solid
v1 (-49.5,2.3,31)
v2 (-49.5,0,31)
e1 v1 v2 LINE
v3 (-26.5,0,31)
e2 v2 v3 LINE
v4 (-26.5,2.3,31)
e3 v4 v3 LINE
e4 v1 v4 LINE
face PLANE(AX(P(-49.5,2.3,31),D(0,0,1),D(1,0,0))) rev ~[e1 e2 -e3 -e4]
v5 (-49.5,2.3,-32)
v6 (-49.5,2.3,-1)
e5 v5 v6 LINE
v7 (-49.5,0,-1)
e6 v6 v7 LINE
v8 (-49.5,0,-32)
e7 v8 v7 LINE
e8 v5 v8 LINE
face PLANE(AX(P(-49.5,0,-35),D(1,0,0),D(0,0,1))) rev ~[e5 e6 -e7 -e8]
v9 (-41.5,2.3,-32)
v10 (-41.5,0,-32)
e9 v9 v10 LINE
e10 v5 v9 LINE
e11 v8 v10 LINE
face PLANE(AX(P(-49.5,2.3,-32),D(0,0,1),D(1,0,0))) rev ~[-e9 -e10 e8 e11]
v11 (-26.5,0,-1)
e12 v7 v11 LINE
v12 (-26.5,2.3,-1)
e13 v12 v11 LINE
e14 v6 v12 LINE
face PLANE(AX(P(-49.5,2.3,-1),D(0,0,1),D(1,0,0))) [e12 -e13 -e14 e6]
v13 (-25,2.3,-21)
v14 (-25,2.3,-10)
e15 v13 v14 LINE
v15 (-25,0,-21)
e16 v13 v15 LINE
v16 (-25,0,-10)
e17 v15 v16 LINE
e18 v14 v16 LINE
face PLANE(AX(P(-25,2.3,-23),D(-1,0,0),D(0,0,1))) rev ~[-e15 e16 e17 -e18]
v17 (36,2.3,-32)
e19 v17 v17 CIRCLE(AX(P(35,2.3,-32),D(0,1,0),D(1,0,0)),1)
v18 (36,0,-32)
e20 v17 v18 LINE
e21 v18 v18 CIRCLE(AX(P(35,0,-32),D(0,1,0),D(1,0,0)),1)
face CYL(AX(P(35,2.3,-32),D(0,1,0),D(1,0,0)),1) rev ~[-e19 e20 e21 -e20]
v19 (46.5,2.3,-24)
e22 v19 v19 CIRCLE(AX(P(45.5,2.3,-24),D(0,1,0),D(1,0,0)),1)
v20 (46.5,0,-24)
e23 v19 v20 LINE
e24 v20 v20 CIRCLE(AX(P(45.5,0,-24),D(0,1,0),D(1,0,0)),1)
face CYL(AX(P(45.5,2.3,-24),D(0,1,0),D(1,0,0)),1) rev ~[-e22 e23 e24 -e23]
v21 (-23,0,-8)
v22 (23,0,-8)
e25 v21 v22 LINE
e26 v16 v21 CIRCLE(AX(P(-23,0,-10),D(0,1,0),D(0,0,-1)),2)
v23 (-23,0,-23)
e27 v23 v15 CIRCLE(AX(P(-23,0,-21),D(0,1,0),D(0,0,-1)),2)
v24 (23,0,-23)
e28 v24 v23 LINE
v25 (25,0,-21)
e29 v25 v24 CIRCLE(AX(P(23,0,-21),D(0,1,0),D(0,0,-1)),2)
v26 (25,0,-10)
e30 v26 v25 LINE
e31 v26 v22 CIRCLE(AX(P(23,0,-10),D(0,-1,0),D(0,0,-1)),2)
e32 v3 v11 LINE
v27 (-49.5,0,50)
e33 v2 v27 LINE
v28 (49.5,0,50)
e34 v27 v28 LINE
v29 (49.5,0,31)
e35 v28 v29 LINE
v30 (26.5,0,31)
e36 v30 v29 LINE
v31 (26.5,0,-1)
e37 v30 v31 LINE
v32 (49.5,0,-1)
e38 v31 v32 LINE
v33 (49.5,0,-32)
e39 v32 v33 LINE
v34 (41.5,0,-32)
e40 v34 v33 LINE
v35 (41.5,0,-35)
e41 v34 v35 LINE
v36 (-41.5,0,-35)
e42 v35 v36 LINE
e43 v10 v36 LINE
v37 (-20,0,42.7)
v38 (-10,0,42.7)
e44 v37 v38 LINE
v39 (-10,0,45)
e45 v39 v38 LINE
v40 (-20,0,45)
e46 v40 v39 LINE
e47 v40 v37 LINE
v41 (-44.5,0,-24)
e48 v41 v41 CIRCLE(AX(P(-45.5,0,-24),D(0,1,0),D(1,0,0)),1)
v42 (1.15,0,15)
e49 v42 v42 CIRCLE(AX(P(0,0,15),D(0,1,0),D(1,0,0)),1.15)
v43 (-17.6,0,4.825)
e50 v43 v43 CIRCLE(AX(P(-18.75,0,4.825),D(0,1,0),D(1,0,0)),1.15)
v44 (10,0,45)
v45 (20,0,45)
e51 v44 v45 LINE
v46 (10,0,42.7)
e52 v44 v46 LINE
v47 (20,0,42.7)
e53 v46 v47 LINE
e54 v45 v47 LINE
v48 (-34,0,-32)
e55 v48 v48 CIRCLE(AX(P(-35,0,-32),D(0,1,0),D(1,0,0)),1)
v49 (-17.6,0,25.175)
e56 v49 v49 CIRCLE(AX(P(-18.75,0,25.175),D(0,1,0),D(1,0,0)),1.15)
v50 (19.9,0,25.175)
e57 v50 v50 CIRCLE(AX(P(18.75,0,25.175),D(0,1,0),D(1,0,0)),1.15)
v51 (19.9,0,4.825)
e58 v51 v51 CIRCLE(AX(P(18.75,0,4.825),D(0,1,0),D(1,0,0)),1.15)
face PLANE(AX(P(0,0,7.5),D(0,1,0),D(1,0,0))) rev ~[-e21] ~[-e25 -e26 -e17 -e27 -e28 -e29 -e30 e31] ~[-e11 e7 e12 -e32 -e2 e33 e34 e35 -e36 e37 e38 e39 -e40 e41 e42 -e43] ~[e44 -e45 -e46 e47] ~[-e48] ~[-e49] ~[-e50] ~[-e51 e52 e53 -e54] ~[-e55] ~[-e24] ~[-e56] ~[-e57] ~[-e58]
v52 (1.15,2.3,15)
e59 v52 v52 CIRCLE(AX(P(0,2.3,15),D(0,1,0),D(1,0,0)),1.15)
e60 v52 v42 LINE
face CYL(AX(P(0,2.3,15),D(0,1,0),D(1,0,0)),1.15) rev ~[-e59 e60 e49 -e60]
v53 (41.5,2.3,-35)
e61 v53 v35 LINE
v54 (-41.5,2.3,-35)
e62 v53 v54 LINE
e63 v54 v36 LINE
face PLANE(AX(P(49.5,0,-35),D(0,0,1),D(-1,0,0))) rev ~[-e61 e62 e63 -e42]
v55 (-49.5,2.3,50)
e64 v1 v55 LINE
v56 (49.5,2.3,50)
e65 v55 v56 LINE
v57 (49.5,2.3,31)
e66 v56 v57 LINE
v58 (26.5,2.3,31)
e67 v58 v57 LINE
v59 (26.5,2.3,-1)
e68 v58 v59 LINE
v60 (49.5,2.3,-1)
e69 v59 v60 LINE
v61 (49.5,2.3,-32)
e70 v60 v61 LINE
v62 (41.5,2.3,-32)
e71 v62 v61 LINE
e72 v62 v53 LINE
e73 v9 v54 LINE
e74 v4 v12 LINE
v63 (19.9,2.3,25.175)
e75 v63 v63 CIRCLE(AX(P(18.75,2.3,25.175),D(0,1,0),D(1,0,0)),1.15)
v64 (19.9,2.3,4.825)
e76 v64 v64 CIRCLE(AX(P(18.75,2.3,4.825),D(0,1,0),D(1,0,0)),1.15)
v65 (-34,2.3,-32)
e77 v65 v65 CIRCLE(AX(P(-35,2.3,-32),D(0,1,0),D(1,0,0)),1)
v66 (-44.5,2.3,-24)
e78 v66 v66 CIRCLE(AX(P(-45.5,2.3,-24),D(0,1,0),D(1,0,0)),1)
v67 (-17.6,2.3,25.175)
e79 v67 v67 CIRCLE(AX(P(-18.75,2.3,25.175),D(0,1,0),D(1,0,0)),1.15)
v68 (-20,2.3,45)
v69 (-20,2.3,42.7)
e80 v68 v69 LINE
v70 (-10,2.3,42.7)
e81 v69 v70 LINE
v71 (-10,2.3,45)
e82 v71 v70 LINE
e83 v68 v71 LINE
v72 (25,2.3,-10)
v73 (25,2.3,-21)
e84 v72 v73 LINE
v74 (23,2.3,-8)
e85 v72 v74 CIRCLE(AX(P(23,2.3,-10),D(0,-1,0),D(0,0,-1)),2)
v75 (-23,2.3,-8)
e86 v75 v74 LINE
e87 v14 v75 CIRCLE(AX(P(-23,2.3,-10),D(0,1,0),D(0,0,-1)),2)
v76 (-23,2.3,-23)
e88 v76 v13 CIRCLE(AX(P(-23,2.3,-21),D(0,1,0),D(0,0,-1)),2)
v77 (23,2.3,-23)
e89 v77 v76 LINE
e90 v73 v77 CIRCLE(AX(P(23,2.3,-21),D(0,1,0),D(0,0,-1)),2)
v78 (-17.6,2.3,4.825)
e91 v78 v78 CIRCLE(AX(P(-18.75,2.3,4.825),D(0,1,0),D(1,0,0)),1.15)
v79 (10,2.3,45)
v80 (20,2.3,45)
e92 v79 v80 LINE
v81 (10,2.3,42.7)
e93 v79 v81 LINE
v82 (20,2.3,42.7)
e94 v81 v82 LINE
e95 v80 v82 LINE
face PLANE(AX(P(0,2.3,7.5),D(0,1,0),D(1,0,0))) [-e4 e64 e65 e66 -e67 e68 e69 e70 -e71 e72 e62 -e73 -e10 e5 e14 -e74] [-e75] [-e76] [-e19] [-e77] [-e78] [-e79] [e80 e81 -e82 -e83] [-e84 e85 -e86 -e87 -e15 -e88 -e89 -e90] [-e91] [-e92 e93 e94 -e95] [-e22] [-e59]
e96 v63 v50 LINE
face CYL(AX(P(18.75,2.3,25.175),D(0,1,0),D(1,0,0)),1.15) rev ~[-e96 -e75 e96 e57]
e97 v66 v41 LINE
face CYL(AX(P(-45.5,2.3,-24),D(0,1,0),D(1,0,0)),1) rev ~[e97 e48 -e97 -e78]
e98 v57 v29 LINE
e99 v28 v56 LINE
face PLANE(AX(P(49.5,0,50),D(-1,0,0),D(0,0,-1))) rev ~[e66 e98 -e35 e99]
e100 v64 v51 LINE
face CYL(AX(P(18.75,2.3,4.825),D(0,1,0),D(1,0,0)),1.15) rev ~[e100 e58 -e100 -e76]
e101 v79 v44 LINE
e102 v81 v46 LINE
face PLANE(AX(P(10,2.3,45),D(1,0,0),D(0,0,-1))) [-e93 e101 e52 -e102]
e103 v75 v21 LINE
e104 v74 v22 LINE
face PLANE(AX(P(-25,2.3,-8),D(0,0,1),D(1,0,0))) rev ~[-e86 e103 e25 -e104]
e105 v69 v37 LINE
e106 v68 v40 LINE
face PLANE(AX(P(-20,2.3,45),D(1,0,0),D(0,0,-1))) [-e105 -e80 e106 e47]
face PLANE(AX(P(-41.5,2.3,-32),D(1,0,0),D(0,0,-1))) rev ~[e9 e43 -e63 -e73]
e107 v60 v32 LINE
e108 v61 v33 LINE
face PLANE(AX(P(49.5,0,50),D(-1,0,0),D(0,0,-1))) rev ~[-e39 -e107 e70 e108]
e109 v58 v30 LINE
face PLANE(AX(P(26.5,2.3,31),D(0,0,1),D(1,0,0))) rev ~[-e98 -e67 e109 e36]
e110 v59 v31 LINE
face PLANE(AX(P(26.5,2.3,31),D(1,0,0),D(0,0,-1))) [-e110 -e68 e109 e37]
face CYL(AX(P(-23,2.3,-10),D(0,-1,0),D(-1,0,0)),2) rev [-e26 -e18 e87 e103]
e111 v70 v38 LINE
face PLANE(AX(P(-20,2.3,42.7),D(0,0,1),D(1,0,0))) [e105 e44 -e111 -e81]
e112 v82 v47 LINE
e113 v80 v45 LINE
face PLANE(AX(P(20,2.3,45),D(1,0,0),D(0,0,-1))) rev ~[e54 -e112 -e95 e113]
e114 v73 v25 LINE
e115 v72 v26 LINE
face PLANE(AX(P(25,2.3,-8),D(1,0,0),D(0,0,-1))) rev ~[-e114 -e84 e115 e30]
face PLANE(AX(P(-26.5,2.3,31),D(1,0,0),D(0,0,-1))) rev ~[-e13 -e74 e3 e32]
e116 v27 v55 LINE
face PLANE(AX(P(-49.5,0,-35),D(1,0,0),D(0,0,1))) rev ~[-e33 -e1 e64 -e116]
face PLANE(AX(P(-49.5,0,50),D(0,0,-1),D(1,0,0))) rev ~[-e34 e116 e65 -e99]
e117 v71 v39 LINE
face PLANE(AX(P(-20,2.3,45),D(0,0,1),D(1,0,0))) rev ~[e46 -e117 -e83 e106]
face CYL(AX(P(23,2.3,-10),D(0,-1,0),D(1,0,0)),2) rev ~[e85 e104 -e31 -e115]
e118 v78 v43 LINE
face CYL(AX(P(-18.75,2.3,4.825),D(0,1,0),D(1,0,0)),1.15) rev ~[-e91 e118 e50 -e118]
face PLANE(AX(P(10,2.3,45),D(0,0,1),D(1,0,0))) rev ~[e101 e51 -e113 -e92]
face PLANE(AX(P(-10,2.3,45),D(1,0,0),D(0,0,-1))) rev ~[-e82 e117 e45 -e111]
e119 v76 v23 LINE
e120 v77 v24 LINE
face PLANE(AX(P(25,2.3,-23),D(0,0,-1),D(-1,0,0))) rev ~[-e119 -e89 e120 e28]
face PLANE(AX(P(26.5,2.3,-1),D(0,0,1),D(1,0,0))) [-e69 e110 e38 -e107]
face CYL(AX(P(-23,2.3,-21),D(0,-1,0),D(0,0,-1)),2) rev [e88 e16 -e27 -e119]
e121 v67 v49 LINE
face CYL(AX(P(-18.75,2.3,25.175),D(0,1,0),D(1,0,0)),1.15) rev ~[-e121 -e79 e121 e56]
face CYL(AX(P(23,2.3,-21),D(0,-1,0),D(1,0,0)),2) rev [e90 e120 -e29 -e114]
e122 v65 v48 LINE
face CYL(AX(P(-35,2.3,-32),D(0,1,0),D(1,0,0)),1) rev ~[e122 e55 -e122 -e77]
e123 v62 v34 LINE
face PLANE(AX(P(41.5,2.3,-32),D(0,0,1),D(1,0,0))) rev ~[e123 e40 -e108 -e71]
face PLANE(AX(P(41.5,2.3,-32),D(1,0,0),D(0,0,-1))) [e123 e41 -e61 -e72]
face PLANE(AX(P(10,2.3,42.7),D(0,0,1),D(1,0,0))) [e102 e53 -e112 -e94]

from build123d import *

# Parameters (mm, degrees)
BOSS_EXTRUDE1_DEPTH = 2.3
SKETCH3_W           = 8
SKETCH3_H           = 3
SKETCH3_W_2         = 23
SKETCH3_H_2         = 32
CUT_EXTRUDE1_DEPTH  = 3.3
SKETCH4_R           = 1
CUT_EXTRUDE2_DEPTH  = 3.3
SKETCH6_R           = 1.15
CUT_EXTRUDE3_DEPTH  = 3.3
SKETCH8_R           = 1
CUT_EXTRUDE4_DEPTH  = 3.3
SKETCH9_W           = 10
SKETCH9_H           = 2.3
CUT_EXTRUDE5_DEPTH  = 2.3
CUT_EXTRUDE6_DEPTH  = 2.3
FILLET1_R           = 2


with BuildPart() as part:
    # Sketch2 → Boss-Extrude1 (new body)
    with BuildSketch(Plane(origin=(0, 0, 0), x_dir=(1, 0, 0), z_dir=(0, 1, 0))):
        Polygon((0, 35), (-49.5, 35), (-49.5, 0), (-49.5, -50), (0, -50), (49.5, -50), (49.5, 0), (49.5, 35), align=None)
    extrude(amount=BOSS_EXTRUDE1_DEPTH)

    # Sketch3 → Cut-Extrude1 (cut, through all)
    with BuildSketch(Plane(origin=(0, 2.3, 0), x_dir=(1, 0, 0), z_dir=(0, 1, 0))):
        with Locations((-45.5, 33.5)):
            Rectangle(SKETCH3_W, SKETCH3_H)
        with Locations((45.5, 33.5)):
            Rectangle(SKETCH3_W, SKETCH3_H)
        with Locations((38, -15)):
            Rectangle(SKETCH3_W_2, SKETCH3_H_2)
        with Locations((-38, -15)):
            Rectangle(SKETCH3_W_2, SKETCH3_H_2)
    extrude(amount=-CUT_EXTRUDE1_DEPTH, mode=Mode.SUBTRACT)

    # Sketch4 → Cut-Extrude2 (cut, through all)
    with BuildSketch(Plane(origin=(0, 2.3, 0), x_dir=(1, 0, 0), z_dir=(0, 1, 0))):
        with Locations((-45.5, 24)):
            Circle(SKETCH4_R)
        with Locations((45.5, 24)):
            Circle(SKETCH4_R)
    extrude(amount=-CUT_EXTRUDE2_DEPTH, mode=Mode.SUBTRACT)

    # Sketch6 → Cut-Extrude3 (cut, through all)
    with BuildSketch(Plane(origin=(0, 2.3, 0), x_dir=(1, 0, 0), z_dir=(0, 1, 0))):
        with Locations((0, -15)):
            Circle(SKETCH6_R)
        with Locations((-18.75, -4.825)):
            Circle(SKETCH6_R)
        with Locations((-18.75, -25.175)):
            Circle(SKETCH6_R)
        with Locations((18.75, -4.825)):
            Circle(SKETCH6_R)
        with Locations((18.75, -25.175)):
            Circle(SKETCH6_R)
    extrude(amount=-CUT_EXTRUDE3_DEPTH, mode=Mode.SUBTRACT)

    # Sketch8 → Cut-Extrude4 (cut, through all)
    with BuildSketch(Plane(origin=(0, 2.3, 0), x_dir=(1, 0, 0), z_dir=(0, 1, 0))):
        with Locations((-35, 32)):
            Circle(SKETCH8_R)
        with Locations((35, 32)):
            Circle(SKETCH8_R)
    extrude(amount=-CUT_EXTRUDE4_DEPTH, mode=Mode.SUBTRACT)

    # Sketch9 → Cut-Extrude5 (cut)
    with BuildSketch(Plane(origin=(0, 2.3, 0), x_dir=(1, 0, 0), z_dir=(0, 1, 0))):
        with Locations((-15, -43.85)):
            Rectangle(SKETCH9_W, SKETCH9_H)
        with Locations((15, -43.85)):
            Rectangle(SKETCH9_W, SKETCH9_H)
    extrude(amount=-CUT_EXTRUDE5_DEPTH, mode=Mode.SUBTRACT)

    # Sketch10 → Cut-Extrude6 (cut)
    with BuildSketch(Plane(origin=(0, 2.3, 0), x_dir=(1, 0, 0), z_dir=(0, 1, 0))):
        Polygon((0, 8), (25, 8), (25, 23), (-25, 23), (-25, 8), align=None)
    extrude(amount=-CUT_EXTRUDE6_DEPTH, mode=Mode.SUBTRACT)

    # Fillet1
    fillet1_edges = [part.edges().sort_by_distance(p)[0] for p in [
        (-25, 1.15, -8),
        (-25, 1.15, -23),
        (25, 1.15, -23),
        (25, 1.15, -8),
    ]]
    fillet(fillet1_edges, radius=FILLET1_R)


solid = part.part
